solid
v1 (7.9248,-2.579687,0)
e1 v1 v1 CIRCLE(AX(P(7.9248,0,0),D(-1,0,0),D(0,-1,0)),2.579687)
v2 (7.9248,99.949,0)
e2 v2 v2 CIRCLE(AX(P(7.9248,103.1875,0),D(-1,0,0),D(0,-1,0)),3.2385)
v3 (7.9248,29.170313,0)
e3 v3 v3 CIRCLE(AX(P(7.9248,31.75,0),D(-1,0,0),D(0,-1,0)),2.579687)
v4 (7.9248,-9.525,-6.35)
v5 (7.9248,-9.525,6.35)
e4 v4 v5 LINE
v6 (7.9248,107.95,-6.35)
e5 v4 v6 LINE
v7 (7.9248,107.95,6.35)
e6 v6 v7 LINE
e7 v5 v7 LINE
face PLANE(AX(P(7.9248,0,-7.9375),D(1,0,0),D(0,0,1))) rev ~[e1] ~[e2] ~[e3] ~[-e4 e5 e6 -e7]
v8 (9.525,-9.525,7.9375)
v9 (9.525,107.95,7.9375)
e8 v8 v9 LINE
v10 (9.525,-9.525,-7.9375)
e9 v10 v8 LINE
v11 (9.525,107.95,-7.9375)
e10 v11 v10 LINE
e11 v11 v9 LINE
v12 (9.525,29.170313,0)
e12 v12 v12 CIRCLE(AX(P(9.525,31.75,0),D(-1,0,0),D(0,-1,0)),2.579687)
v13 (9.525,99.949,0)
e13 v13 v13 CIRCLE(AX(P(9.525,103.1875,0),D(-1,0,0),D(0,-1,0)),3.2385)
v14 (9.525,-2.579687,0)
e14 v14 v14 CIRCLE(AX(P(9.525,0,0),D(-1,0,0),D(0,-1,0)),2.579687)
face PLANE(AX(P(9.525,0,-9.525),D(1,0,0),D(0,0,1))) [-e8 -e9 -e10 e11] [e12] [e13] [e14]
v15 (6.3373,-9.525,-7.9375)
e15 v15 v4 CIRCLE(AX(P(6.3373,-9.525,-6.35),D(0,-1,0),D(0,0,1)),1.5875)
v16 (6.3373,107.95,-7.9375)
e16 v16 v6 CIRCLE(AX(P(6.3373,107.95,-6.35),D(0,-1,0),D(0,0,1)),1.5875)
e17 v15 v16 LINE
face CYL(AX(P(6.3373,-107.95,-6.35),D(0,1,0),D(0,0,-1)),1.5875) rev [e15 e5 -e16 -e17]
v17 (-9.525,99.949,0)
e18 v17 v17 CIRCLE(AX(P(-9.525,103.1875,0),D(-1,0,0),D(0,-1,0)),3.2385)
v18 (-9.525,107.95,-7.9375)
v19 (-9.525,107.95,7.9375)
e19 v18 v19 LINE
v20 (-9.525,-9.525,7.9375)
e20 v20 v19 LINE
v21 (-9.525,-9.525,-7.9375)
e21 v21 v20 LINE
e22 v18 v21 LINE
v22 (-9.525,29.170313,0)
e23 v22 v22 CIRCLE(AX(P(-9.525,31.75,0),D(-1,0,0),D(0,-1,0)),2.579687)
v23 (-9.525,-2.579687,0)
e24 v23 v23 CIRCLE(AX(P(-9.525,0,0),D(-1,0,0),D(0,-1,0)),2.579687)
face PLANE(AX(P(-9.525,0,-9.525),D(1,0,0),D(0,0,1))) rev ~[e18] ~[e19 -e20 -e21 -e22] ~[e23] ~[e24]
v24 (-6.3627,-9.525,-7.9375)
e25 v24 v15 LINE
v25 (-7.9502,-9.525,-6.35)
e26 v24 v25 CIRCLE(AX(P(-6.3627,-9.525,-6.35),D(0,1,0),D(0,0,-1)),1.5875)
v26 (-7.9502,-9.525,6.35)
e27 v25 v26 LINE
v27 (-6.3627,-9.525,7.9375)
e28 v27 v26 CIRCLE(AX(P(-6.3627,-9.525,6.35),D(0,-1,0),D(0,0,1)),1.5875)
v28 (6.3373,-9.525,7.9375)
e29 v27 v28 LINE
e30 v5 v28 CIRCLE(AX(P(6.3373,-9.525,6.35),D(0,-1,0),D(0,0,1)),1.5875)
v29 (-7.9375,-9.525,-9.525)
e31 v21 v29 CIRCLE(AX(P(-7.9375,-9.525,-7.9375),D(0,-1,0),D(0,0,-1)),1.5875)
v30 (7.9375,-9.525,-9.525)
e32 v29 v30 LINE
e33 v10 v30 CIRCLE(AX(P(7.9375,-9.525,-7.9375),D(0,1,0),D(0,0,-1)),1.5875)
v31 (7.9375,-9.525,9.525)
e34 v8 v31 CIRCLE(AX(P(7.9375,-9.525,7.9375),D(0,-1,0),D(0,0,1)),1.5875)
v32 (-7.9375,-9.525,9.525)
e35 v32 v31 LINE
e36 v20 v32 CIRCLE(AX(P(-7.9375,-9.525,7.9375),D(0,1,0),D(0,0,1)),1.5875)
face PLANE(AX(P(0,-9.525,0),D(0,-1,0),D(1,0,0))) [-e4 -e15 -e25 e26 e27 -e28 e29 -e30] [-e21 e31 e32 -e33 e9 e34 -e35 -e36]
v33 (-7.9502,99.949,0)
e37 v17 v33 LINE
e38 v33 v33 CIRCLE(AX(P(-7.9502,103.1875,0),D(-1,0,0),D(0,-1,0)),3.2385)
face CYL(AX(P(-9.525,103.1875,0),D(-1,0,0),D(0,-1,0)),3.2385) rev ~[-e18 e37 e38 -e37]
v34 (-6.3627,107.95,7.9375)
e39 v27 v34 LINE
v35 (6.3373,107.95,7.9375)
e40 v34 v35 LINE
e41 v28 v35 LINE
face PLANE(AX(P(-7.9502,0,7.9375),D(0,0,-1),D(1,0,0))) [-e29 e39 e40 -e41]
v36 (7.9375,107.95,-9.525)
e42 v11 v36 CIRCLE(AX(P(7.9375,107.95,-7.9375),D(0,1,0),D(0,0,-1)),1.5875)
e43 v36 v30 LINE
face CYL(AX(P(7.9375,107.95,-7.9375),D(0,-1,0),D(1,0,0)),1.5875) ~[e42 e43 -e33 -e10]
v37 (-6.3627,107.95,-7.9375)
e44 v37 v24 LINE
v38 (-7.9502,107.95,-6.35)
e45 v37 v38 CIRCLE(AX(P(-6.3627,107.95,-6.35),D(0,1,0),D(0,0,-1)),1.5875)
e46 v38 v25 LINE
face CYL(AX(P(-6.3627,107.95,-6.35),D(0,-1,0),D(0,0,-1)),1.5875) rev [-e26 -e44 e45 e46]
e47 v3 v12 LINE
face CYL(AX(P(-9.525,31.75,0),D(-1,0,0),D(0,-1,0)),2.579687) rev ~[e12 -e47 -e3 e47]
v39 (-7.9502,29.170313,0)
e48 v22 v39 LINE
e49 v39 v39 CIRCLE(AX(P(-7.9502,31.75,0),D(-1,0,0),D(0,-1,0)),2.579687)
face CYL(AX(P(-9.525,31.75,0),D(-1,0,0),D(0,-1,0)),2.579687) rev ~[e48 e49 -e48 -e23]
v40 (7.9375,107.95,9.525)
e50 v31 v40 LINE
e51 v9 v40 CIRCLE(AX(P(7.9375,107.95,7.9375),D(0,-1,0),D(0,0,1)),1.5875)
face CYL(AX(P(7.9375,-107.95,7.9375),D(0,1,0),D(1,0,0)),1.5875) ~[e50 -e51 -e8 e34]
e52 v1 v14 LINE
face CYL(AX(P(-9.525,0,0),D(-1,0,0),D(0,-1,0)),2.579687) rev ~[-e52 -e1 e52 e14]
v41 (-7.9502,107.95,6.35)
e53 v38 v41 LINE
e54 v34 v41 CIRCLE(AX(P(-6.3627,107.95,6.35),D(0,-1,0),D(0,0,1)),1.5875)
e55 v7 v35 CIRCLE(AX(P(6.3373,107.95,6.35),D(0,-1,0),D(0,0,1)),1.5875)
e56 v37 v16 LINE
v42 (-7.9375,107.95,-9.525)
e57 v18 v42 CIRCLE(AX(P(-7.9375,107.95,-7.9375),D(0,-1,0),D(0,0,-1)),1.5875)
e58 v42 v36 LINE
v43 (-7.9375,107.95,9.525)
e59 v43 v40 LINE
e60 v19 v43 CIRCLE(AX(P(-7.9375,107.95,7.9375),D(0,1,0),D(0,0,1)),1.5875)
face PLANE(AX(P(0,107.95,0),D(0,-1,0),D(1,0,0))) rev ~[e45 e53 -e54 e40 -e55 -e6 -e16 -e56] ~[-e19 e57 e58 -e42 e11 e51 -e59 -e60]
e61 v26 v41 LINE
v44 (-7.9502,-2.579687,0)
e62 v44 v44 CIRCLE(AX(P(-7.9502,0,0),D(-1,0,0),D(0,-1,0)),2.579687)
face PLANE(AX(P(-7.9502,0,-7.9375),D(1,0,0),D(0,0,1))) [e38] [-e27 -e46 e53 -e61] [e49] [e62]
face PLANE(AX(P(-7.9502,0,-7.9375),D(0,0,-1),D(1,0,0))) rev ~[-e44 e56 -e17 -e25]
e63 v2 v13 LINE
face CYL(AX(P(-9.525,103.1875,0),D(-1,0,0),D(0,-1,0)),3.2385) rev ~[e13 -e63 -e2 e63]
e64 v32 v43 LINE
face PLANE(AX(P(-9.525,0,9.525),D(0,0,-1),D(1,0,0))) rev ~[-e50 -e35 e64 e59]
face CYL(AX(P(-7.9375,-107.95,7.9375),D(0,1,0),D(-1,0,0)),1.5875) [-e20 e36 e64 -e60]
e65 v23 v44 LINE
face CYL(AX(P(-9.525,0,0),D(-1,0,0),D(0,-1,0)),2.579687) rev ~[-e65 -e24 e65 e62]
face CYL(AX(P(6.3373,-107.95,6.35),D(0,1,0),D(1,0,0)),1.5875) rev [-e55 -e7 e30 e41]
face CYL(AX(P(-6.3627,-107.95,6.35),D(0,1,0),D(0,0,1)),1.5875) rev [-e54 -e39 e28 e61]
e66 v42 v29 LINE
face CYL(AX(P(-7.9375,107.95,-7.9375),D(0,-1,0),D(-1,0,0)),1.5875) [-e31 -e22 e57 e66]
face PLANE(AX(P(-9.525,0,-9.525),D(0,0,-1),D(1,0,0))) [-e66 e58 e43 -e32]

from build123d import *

# Parameters (mm, degrees)
F0_W     = 19.05
F0_H     = 19.05
F0_W_2   = 15.875
F0_H_2   = 15.875
F1_DEPTH = 107.95
F2_R     = 1.5875
F3_R     = 1.5875
F4_R     = 3.2385
F4_R_2   = 2.5796875
F5_DEPTH = 19.05
F6_DEPTH = 98.425


with BuildPart() as f1:
    # F0 (on Front) → F1 (new body, symmetric)
    with BuildSketch(Plane.XZ):
        Rectangle(F0_W, F0_H)
        with Locations((-0.0127, 0)):
            Rectangle(F0_W_2, F0_H_2, mode=Mode.SUBTRACT)
    extrude(amount=F1_DEPTH, both=True)

    # F2
    f2_edges = [f1.edges().sort_by_distance(p)[0] for p in [
        (-9.525, 0, 9.525),
        (-9.525, 0, -9.525),
        (9.525, 0, -9.525),
        (9.525, 0, 9.525),
    ]]
    fillet(f2_edges, radius=F2_R)

    # F3
    f3_edges = [f1.edges().sort_by_distance(p)[0] for p in [
        (-7.9502, 0, 7.9375),
        (-7.9502, 0, -7.9375),
        (7.9248, 0, 7.9375),
        (7.9248, 0, -7.9375),
    ]]
    fillet(f3_edges, radius=F3_R)

    # F4 (on face) → F5 (cut)
    with BuildSketch(Plane(origin=(-9.525, 0, 0), x_dir=(0, -1, 0), z_dir=(-1, 0, 0))):
        with Locations((-103.1875, 0)):
            Circle(F4_R)
        with Locations((-31.75, 0)):
            Circle(F4_R_2)
        Circle(F4_R_2)
    extrude(amount=-F5_DEPTH, mode=Mode.SUBTRACT)

    # F6 (cut): a face of the model
    f6_faces = [f1.faces().sort_by_distance(p)[0] for p in [
        (-8.2196076836, -107.95, 0),
    ]]
    extrude(f6_faces, amount=-F6_DEPTH, mode=Mode.SUBTRACT)


solid = f1.part
